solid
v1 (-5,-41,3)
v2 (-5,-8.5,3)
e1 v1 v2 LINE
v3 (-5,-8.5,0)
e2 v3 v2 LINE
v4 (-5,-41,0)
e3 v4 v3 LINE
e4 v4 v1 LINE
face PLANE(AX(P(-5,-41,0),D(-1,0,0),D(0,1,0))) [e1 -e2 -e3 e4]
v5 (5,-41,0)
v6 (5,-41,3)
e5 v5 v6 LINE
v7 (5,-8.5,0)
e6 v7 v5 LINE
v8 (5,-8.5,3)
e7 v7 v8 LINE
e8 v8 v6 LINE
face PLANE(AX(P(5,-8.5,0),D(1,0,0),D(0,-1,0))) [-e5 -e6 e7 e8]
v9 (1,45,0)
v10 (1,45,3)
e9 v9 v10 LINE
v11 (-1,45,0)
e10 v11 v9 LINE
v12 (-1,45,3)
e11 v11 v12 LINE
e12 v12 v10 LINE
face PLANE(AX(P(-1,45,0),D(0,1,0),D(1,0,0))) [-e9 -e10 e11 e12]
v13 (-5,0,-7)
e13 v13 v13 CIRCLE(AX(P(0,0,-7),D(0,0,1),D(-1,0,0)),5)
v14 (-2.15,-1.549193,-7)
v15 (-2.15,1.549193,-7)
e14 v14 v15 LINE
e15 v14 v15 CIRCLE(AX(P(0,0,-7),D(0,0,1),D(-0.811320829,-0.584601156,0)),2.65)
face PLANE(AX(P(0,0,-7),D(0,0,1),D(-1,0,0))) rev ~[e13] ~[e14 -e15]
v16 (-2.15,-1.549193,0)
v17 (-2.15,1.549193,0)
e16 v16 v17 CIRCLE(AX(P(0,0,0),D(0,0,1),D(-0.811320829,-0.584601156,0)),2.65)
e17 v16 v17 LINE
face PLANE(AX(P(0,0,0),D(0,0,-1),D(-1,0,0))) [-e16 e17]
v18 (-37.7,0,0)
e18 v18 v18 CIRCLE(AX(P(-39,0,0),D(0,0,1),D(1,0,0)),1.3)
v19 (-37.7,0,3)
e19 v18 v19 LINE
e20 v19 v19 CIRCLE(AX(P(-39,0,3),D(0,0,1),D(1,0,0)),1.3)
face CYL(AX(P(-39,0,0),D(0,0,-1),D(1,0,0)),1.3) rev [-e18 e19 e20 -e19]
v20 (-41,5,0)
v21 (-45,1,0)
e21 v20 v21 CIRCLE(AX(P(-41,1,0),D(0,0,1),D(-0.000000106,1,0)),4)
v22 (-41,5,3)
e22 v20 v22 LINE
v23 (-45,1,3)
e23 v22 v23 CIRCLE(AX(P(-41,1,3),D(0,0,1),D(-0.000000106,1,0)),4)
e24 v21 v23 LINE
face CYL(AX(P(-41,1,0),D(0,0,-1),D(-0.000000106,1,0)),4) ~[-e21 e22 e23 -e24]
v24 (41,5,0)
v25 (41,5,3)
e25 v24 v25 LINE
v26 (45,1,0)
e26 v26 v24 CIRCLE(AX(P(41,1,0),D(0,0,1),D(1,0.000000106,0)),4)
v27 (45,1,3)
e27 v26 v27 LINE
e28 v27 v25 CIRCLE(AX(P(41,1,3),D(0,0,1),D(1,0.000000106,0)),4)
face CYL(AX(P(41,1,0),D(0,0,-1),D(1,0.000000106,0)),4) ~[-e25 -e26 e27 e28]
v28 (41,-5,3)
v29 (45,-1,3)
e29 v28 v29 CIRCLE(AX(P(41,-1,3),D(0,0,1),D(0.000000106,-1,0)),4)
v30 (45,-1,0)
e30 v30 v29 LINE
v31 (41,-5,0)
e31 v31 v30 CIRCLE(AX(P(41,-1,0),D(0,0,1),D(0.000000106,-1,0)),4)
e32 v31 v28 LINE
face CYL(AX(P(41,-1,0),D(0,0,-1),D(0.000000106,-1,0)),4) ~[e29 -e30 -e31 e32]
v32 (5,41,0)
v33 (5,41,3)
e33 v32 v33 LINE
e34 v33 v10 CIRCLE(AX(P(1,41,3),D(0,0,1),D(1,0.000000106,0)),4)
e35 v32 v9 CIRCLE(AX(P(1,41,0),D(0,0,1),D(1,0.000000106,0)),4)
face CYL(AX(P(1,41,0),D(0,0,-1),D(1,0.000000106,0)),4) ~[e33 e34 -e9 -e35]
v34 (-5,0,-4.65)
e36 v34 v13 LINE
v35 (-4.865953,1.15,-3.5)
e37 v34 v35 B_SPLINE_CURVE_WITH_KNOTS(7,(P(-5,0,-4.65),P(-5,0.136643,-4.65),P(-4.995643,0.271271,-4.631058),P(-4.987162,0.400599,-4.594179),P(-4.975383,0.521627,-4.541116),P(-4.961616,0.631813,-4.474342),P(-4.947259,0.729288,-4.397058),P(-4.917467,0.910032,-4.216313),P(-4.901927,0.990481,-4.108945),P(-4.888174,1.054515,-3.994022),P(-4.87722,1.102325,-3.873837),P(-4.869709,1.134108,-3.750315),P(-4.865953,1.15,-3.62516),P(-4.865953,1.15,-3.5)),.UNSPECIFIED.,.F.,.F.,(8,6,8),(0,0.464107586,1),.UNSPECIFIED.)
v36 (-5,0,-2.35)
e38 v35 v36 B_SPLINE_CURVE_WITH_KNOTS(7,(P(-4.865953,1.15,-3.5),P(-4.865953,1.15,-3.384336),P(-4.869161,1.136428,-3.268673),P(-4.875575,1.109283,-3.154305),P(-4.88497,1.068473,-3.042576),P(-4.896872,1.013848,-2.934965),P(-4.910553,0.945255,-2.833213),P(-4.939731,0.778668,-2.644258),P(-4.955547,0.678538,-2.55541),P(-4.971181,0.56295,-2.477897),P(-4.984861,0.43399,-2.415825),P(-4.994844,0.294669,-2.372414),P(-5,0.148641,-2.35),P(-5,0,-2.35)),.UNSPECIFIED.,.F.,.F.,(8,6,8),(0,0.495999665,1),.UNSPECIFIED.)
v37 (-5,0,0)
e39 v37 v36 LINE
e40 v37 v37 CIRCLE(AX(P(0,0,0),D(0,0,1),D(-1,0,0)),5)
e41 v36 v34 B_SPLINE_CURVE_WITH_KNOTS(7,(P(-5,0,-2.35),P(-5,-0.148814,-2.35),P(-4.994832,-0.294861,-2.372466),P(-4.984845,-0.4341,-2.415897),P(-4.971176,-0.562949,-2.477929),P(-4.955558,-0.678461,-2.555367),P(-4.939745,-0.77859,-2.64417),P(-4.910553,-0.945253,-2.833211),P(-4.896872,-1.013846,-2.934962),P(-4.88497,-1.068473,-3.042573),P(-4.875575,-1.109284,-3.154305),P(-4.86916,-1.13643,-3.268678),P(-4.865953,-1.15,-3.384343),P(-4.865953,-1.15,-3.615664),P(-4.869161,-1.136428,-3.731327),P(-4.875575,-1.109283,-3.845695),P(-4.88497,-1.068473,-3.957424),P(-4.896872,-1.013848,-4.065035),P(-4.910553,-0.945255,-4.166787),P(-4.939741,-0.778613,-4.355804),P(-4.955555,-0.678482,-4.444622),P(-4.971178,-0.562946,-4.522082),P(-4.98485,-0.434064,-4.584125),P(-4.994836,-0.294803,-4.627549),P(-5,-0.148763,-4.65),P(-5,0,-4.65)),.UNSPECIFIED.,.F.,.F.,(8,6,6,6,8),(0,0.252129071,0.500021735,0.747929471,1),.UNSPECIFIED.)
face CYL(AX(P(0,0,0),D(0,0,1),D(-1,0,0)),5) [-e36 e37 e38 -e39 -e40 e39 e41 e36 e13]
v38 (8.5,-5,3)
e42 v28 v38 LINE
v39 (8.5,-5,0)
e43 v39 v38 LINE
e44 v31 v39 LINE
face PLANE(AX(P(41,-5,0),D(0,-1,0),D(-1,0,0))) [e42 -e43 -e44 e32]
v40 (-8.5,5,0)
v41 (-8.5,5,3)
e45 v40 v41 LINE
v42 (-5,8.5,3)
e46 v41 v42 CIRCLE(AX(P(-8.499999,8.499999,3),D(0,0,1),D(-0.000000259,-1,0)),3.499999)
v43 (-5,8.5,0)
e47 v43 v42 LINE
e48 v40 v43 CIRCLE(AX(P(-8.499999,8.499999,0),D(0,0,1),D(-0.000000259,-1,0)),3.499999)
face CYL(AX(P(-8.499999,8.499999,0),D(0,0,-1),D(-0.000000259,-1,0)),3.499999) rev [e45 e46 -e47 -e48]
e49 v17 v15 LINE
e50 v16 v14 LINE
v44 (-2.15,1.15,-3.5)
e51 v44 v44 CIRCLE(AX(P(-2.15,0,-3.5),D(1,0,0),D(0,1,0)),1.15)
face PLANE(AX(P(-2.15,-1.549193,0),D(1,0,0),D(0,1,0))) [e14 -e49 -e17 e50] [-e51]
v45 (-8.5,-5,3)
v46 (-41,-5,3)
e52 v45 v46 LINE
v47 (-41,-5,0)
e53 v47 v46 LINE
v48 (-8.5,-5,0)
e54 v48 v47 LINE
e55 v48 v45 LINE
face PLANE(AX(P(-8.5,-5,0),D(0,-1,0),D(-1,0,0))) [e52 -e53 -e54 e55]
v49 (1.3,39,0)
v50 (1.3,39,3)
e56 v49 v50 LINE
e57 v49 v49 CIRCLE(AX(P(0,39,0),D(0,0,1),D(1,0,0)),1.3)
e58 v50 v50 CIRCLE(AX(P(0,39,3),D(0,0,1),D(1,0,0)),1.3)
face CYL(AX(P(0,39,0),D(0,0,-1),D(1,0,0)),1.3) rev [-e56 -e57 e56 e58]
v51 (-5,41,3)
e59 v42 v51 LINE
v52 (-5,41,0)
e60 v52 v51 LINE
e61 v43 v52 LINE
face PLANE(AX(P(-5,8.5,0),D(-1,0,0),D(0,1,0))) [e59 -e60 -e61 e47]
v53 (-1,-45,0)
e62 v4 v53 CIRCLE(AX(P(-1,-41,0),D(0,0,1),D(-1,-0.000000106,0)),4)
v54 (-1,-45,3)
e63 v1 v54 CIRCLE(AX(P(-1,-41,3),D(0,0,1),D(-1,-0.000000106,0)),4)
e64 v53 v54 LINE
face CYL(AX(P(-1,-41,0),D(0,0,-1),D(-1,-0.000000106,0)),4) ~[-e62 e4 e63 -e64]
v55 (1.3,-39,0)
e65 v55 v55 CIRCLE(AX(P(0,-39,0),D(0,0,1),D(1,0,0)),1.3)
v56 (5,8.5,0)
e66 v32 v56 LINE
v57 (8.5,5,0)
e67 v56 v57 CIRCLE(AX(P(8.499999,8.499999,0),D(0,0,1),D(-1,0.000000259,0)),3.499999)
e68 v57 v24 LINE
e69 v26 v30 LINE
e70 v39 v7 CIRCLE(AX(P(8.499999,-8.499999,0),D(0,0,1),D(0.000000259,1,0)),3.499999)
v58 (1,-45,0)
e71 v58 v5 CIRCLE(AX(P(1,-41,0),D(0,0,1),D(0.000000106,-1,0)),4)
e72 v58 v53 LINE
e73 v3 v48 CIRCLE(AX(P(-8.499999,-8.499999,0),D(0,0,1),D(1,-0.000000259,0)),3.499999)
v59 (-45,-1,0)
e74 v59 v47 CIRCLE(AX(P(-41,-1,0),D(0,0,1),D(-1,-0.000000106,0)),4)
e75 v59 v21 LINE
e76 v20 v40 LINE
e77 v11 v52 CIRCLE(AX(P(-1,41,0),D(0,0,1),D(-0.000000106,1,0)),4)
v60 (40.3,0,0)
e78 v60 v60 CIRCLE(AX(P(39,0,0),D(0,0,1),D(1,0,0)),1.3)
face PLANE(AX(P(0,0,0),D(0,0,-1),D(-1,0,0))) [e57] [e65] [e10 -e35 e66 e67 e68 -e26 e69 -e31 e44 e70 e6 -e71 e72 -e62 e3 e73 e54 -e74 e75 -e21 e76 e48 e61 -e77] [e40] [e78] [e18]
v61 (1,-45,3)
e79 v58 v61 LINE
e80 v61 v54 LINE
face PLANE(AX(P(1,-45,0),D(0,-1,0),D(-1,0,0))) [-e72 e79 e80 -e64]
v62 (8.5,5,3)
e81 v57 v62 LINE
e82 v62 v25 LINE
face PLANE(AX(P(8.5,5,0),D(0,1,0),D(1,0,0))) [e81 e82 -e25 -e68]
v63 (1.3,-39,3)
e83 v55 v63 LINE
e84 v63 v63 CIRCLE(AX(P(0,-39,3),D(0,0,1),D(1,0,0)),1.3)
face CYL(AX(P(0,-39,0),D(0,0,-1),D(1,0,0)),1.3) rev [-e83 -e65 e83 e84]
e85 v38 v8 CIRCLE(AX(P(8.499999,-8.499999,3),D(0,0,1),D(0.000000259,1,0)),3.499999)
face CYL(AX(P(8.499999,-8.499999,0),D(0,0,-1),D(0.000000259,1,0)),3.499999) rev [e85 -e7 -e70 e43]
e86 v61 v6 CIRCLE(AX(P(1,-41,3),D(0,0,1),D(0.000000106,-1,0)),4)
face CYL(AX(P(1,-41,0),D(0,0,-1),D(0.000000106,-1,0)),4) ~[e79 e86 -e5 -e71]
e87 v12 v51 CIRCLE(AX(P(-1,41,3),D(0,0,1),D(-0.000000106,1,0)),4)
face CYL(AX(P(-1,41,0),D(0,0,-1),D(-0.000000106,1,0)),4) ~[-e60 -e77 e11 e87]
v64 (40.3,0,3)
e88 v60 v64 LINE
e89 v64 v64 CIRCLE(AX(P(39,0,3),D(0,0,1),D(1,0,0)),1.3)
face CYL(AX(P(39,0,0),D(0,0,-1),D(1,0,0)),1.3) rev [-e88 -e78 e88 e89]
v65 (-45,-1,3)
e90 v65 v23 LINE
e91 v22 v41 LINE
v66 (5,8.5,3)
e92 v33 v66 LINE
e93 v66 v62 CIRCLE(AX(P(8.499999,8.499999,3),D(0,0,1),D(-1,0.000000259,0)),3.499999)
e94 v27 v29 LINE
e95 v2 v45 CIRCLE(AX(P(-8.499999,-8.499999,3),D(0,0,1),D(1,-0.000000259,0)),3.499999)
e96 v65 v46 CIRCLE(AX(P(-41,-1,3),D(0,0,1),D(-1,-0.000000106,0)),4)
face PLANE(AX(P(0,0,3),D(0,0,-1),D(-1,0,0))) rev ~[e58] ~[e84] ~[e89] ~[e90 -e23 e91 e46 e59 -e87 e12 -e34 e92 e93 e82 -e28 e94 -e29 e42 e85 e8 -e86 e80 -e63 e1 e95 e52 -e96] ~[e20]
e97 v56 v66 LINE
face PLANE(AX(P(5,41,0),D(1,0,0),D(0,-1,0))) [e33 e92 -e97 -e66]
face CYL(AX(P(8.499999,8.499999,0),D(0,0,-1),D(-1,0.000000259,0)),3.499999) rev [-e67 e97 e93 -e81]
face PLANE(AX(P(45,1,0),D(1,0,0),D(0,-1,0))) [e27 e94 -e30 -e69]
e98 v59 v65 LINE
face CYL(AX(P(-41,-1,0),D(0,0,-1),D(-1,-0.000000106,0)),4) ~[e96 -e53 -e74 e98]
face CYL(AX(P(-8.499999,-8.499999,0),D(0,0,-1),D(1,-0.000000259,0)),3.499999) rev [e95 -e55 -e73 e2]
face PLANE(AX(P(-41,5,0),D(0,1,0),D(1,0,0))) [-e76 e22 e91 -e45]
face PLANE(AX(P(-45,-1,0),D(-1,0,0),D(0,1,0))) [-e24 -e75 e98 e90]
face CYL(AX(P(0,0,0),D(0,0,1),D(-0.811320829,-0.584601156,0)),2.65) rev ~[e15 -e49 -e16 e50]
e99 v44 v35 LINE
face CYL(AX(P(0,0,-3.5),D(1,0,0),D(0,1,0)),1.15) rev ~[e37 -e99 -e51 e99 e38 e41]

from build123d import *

# Parameters (mm, degrees)
SKETCH002_R  = 5
PAD002_DEPTH = 7
SKETCH_R     = 1.15
POCKET_DEPTH = 5
SKETCH003_R  = 1.3
PAD_DEPTH    = 3


with BuildPart() as part:
    # Sketch002 → Pad002 (new body)
    with BuildSketch(Plane(origin=(0, 0, 0), x_dir=(-1, 0, 0), z_dir=(0, 0, 1))):
        Circle(SKETCH002_R)
        with BuildLine():
            ThreePointArc((2.15, 1.549193), (-2.65, 0), (2.15, -1.549193))
            Line((2.15, 1.549193), (2.15, -1.549193))
        make_face(mode=Mode.SUBTRACT)
    extrude(amount=-PAD002_DEPTH)

    # Sketch → Pocket (cut)
    with BuildSketch(Plane(origin=(0, 0, -3.5), x_dir=(0, 1, 0), z_dir=(1, 0, 0))):
        Circle(SKETCH_R)
    extrude(amount=-POCKET_DEPTH, mode=Mode.SUBTRACT)

    # Sketch003 → Pad (join)
    with BuildSketch(Plane.XY):
        with BuildLine():
            Line((-41, 5), (-8.5, 5))
            ThreePointArc((-8.5, 5), (-6.025126, 6.025126), (-5, 8.5))
            Line((-5, 8.5), (-5, 41))
            ThreePointArc((-1, 45), (-3.828427, 43.828427), (-5, 41))
            Line((-1, 45), (1, 45))
            ThreePointArc((5, 41), (3.828427, 43.828427), (1, 45))
            Line((5, 41), (5, 8.5))
            ThreePointArc((5, 8.5), (6.025126, 6.025126), (8.5, 5))
            Line((8.5, 5), (41, 5))
            ThreePointArc((45, 1), (43.828427, 3.828427), (41, 5))
            Line((45, 1), (45, -1))
            ThreePointArc((41, -5), (43.828427, -3.828427), (45, -1))
            Line((41, -5), (8.5, -5))
            ThreePointArc((8.5, -5), (6.025126, -6.025126), (5, -8.5))
            Line((5, -8.5), (5, -41))
            ThreePointArc((1, -45), (3.828427, -43.828427), (5, -41))
            Line((1, -45), (-1, -45))
            ThreePointArc((-5, -41), (-3.828427, -43.828427), (-1, -45))
            Line((-5, -41), (-5, -8.5))
            ThreePointArc((-5, -8.5), (-6.025126, -6.025126), (-8.5, -5))
            Line((-8.5, -5), (-41, -5))
            ThreePointArc((-45, -1), (-43.828427, -3.828427), (-41, -5))
            Line((-45, -1), (-45, 1))
            ThreePointArc((-41, 5), (-43.828427, 3.828427), (-45, 1))
        make_face()
        with Locations((39, 0)):
            Circle(SKETCH003_R, mode=Mode.SUBTRACT)
        with Locations((-39, 0)):
            Circle(SKETCH003_R, mode=Mode.SUBTRACT)
        with Locations((0, 39)):
            Circle(SKETCH003_R, mode=Mode.SUBTRACT)
        with Locations((0, -39)):
            Circle(SKETCH003_R, mode=Mode.SUBTRACT)
    extrude(amount=PAD_DEPTH)


solid = part.part
